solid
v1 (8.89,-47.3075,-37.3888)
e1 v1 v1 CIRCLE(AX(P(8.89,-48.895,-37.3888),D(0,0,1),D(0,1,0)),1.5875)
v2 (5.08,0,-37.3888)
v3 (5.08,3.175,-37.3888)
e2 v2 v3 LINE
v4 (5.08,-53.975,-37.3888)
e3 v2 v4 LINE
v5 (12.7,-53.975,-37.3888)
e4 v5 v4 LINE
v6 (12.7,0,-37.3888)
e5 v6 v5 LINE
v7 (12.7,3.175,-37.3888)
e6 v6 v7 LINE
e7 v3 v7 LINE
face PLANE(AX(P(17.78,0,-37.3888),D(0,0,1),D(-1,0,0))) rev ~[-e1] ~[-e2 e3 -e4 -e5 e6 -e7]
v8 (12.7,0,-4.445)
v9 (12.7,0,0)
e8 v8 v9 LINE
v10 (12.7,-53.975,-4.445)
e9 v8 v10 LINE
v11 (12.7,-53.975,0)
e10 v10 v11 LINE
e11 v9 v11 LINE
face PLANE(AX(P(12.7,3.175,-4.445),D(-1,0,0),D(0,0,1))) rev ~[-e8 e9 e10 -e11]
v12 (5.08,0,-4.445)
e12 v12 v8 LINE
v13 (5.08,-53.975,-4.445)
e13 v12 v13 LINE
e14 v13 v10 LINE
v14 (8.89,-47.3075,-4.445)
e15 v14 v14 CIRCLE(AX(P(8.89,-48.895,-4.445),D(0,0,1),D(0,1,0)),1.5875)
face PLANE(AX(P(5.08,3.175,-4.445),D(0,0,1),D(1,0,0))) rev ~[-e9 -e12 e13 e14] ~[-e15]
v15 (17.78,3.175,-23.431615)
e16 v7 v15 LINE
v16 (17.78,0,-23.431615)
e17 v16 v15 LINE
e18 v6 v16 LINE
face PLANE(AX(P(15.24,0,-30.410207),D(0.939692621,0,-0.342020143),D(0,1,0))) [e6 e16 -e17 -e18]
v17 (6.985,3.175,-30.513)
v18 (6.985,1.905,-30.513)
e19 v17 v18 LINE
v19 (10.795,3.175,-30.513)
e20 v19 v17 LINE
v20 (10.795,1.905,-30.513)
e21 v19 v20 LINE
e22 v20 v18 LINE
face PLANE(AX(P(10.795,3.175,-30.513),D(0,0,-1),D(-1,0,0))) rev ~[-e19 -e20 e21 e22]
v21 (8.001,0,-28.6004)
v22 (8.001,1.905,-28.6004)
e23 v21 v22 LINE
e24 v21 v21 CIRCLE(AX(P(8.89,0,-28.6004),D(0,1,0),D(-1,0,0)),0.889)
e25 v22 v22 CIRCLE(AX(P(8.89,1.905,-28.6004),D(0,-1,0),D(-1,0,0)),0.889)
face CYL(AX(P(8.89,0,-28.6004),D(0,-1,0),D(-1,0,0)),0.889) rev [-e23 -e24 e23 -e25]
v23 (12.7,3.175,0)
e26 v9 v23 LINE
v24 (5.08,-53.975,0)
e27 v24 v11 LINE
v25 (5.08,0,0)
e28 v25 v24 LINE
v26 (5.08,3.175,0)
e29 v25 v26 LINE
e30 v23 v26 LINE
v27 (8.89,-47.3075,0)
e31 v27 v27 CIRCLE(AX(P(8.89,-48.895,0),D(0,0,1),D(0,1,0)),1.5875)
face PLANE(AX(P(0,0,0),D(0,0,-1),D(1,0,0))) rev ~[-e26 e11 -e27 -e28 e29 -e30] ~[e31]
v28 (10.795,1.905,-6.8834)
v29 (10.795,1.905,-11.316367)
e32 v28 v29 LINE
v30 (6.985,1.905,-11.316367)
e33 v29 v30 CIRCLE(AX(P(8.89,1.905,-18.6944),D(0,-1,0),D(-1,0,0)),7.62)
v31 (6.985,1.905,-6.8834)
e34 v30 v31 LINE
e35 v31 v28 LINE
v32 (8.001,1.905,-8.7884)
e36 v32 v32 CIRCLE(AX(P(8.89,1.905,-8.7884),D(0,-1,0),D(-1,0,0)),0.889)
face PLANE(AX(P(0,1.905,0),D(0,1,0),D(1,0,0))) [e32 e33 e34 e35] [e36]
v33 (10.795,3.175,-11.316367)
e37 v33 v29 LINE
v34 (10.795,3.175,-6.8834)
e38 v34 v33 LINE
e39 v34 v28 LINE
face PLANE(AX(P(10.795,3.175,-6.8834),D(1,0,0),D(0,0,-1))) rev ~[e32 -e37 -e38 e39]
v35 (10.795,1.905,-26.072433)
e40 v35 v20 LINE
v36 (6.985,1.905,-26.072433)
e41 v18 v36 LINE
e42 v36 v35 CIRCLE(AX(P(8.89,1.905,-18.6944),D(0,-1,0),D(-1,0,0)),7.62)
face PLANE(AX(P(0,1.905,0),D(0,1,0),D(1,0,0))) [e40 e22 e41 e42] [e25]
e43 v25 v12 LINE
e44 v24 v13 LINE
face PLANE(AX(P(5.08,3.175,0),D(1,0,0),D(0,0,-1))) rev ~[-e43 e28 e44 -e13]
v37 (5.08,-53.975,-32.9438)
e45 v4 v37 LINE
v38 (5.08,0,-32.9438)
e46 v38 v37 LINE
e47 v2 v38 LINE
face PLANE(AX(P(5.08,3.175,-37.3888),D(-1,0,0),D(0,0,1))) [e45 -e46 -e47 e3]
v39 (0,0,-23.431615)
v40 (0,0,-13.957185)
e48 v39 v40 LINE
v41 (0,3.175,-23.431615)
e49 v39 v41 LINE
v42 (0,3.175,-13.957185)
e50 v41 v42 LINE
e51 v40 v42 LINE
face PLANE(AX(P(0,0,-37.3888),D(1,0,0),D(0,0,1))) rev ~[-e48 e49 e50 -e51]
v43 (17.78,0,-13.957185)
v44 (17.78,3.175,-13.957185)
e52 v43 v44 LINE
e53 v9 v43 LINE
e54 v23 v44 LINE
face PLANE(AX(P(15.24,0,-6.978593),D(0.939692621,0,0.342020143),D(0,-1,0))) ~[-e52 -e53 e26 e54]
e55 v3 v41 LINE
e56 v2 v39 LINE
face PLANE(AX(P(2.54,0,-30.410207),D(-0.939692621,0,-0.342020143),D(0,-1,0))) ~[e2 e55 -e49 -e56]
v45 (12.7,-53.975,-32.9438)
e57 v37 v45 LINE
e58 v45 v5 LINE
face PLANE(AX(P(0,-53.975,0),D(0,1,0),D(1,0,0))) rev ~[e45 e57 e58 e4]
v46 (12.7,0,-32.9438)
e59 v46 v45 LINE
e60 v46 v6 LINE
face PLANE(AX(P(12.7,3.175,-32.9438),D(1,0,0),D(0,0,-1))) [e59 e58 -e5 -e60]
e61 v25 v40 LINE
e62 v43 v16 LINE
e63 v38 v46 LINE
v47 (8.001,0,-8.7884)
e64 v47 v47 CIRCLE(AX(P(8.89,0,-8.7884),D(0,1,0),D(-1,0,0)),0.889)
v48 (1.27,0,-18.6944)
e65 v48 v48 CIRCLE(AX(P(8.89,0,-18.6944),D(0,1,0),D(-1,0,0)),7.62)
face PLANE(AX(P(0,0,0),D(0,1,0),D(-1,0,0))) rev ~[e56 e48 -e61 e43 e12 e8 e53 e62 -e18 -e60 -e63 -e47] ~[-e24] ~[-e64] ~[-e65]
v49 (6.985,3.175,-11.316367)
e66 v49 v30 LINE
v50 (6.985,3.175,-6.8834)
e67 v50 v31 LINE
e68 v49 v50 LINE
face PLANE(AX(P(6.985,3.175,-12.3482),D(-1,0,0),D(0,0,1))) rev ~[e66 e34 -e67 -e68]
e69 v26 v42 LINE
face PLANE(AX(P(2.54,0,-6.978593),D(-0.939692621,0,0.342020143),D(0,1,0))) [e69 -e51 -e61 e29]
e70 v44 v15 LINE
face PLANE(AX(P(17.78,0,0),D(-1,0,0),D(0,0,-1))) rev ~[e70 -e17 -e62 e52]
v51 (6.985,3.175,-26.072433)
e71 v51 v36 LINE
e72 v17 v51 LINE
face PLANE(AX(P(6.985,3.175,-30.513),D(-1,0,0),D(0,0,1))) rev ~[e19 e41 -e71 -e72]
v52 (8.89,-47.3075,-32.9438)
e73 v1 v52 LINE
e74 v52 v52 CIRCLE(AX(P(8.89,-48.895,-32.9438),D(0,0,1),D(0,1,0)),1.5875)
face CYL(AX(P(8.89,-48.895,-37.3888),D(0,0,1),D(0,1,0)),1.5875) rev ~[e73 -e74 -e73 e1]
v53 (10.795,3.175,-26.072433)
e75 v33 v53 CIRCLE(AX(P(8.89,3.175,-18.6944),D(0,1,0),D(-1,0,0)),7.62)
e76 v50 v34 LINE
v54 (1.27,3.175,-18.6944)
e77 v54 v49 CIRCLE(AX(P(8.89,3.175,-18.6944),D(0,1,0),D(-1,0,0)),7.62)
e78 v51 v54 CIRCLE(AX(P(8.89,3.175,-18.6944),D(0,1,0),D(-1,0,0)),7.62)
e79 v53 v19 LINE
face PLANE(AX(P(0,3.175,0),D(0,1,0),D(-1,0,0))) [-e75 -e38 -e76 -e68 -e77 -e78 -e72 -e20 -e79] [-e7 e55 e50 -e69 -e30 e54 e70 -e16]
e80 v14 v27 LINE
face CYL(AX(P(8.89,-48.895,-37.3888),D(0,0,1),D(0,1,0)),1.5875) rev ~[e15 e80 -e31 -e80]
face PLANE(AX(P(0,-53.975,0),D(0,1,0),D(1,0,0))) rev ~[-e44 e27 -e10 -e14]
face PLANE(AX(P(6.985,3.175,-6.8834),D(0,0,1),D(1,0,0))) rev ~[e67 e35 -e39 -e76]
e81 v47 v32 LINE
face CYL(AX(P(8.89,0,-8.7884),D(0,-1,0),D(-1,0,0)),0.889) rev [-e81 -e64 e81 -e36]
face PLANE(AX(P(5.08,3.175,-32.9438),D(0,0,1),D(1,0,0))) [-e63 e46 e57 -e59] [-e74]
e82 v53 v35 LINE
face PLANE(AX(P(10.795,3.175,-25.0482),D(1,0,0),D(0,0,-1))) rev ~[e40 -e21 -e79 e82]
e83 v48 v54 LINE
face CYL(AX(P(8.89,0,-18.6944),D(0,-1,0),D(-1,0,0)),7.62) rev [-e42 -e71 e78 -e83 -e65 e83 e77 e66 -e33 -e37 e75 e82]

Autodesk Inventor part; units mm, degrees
ref_plane "YZ Plane" through (0, 0, 0) normal (1, 0, 0) x (0, 1, 0)
ref_plane "XZ Plane" through (0, 0, 0) normal (0, 1, 0) x (-1, 0, 0)
ref_plane "XY Plane" through (0, 0, 0) normal (0, 0, 1) x (1, 0, 0)
sketch "Sketch1" plane through (0, 0, 0) normal (0, 1, 0) x (-1, 0, 0)
  line L0 (0, 0) -> (-17.78, 0)
  line L1 (-17.78, 0) -> (-17.78, -37.3888)
  line L2 (-17.78, -37.3888) -> (0, -37.3888)
  line L3 (0, -37.3888) -> (0, 0)
  circle A0 centre (-8.89, -18.6944) radius 7.62
  line L4 (0, -18.6944) -> (-17.78, -18.6944) construction
  line L5 (-8.89, -37.3888) -> (-8.89, 0) construction
  circle A1 centre (-8.89, -28.6004) radius 0.889
  circle A2 centre (-8.89, -8.7884) radius 0.889
  dimension "d0" = 37.3888
  dimension "d1" = 17.78
  dimension "d2" = 15.24
  dimension "d3" = 1.778
  dimension "d4" = 19.812
extrude "Extrusion1" add sketch "Sketch1" along normal blind 3.175
sketch "Sketch2" plane through (0, 3.175, 0) normal (0, 1, 0) x (1, 0, 0)
  line L0 (6.985, 6.8834) -> (10.795, 6.8834)
  line L1 (10.795, 6.8834) -> (10.795, 12.3482)
  line L2 (10.795, 12.3482) -> (6.985, 12.3482)
  line L3 (6.985, 12.3482) -> (6.985, 6.8834)
  circle A0 centre (8.89, 8.7884) radius 0.889 construction
  line L4 (8.89, 8.7884) -> (8.001, 8.7884) construction
  line L5 (8.89, 8.7884) -> (8.89, 9.6774) construction
  line L6 (6.985, 25.0482) -> (10.795, 25.0482)
  line L7 (10.795, 25.0482) -> (10.795, 30.513)
  line L8 (10.795, 30.513) -> (6.985, 30.513)
  line L9 (6.985, 30.513) -> (6.985, 25.0482)
  circle A1 centre (8.89, 28.6004) radius 0.889 construction
  line L10 (8.001, 28.6004) -> (8.89, 28.6004) construction
  point P0 (0, 0)
  point P1 (8.4455, 8.7884)
  point P2 (8.4455, 28.6004)
  dimension "d8" = 3.81
  dimension "d11" = 1.905
  dimension "d12" = 1.9126
  dimension "d13" = 12.7
extrude "Extrusion2" cut sketch "Sketch2" against normal blind 1.27
sketch "Sketch3" plane through (0, 3.175, 0) normal (0, 1, 0) x (1, 0, 0)
  line L0 (17.78, 37.3888) -> (0, 37.3888) projected
  line L1 (12.7, 37.3888) -> (5.08, 37.3888)
  line L2 (5.08, 37.3888) -> (5.08, 32.9438)
  line L3 (5.08, 32.9438) -> (12.7, 32.9438)
  line L4 (12.7, 32.9438) -> (12.7, 37.3888)
  line L5 (0, 0) -> (17.78, 0) projected
  line L6 (12.7, 0) -> (5.08, 0)
  line L7 (5.08, 0) -> (5.08, 4.445)
  line L8 (5.08, 4.445) -> (12.7, 4.445)
  line L9 (12.7, 4.445) -> (12.7, 0)
  line L10 (17.78, 0) -> (17.78, 37.3888) construction
  line L11 (17.78, 18.6944) -> (0, 18.6944) construction
  line L12 (0, 37.3888) -> (0, 0) construction
  circle A0 centre (8.89, 18.6944) radius 7.62 construction
  line L13 (8.89, 18.6944) -> (8.89, 11.0744) construction
  point P0 (8.89, 4.445)
  point P1 (5.08, 37.3888)
  dimension "d14" = 28.4988
  dimension "d15" = 7.62
extrude "Extrusion3" add sketch "Sketch3" against normal blind 57.15
sketch "Sketch4" plane through (17.78, 3.175, -37.3888) normal (0, 0, -1) x (-1, 0, 0)
  line L0 (12.7, -57.15) -> (5.08, -57.15) projected
  line L1 (12.7, -3.175) -> (12.7, -57.15) projected
  point P0 (17.78, -3.175)
  point P1 (8.89, -52.07)
  dimension "d18" = 5.08
  dimension "d19" = 3.81
hole "Hole1" at (8.89, -48.895, -37.3888) direction (0, 0, 1) diameter 3.175 depth 37.3888
chamfer "Chamfer1" distance 5.08 angle 70 1 edges at (17.78, 1.5875, -37.3888) measured on face at (8.89, -15.7692, -37.3888)
chamfer "Chamfer2" distance 5.08 angle 70 1 edges at (0, 1.5875, -37.3888) measured on face at (8.89, -15.7692, -37.3888)
chamfer "Chamfer3" distance 5.08 angle 70 1 edges at (17.78, 1.5875, 0) measured on face at (8.89, -15.7692, 0)
chamfer "Chamfer4" distance 5.08 angle 70 1 edges at (0, 1.5875, 0) measured on face at (8.89, -15.7692, 0)
properties part number "m500 hires mount"
